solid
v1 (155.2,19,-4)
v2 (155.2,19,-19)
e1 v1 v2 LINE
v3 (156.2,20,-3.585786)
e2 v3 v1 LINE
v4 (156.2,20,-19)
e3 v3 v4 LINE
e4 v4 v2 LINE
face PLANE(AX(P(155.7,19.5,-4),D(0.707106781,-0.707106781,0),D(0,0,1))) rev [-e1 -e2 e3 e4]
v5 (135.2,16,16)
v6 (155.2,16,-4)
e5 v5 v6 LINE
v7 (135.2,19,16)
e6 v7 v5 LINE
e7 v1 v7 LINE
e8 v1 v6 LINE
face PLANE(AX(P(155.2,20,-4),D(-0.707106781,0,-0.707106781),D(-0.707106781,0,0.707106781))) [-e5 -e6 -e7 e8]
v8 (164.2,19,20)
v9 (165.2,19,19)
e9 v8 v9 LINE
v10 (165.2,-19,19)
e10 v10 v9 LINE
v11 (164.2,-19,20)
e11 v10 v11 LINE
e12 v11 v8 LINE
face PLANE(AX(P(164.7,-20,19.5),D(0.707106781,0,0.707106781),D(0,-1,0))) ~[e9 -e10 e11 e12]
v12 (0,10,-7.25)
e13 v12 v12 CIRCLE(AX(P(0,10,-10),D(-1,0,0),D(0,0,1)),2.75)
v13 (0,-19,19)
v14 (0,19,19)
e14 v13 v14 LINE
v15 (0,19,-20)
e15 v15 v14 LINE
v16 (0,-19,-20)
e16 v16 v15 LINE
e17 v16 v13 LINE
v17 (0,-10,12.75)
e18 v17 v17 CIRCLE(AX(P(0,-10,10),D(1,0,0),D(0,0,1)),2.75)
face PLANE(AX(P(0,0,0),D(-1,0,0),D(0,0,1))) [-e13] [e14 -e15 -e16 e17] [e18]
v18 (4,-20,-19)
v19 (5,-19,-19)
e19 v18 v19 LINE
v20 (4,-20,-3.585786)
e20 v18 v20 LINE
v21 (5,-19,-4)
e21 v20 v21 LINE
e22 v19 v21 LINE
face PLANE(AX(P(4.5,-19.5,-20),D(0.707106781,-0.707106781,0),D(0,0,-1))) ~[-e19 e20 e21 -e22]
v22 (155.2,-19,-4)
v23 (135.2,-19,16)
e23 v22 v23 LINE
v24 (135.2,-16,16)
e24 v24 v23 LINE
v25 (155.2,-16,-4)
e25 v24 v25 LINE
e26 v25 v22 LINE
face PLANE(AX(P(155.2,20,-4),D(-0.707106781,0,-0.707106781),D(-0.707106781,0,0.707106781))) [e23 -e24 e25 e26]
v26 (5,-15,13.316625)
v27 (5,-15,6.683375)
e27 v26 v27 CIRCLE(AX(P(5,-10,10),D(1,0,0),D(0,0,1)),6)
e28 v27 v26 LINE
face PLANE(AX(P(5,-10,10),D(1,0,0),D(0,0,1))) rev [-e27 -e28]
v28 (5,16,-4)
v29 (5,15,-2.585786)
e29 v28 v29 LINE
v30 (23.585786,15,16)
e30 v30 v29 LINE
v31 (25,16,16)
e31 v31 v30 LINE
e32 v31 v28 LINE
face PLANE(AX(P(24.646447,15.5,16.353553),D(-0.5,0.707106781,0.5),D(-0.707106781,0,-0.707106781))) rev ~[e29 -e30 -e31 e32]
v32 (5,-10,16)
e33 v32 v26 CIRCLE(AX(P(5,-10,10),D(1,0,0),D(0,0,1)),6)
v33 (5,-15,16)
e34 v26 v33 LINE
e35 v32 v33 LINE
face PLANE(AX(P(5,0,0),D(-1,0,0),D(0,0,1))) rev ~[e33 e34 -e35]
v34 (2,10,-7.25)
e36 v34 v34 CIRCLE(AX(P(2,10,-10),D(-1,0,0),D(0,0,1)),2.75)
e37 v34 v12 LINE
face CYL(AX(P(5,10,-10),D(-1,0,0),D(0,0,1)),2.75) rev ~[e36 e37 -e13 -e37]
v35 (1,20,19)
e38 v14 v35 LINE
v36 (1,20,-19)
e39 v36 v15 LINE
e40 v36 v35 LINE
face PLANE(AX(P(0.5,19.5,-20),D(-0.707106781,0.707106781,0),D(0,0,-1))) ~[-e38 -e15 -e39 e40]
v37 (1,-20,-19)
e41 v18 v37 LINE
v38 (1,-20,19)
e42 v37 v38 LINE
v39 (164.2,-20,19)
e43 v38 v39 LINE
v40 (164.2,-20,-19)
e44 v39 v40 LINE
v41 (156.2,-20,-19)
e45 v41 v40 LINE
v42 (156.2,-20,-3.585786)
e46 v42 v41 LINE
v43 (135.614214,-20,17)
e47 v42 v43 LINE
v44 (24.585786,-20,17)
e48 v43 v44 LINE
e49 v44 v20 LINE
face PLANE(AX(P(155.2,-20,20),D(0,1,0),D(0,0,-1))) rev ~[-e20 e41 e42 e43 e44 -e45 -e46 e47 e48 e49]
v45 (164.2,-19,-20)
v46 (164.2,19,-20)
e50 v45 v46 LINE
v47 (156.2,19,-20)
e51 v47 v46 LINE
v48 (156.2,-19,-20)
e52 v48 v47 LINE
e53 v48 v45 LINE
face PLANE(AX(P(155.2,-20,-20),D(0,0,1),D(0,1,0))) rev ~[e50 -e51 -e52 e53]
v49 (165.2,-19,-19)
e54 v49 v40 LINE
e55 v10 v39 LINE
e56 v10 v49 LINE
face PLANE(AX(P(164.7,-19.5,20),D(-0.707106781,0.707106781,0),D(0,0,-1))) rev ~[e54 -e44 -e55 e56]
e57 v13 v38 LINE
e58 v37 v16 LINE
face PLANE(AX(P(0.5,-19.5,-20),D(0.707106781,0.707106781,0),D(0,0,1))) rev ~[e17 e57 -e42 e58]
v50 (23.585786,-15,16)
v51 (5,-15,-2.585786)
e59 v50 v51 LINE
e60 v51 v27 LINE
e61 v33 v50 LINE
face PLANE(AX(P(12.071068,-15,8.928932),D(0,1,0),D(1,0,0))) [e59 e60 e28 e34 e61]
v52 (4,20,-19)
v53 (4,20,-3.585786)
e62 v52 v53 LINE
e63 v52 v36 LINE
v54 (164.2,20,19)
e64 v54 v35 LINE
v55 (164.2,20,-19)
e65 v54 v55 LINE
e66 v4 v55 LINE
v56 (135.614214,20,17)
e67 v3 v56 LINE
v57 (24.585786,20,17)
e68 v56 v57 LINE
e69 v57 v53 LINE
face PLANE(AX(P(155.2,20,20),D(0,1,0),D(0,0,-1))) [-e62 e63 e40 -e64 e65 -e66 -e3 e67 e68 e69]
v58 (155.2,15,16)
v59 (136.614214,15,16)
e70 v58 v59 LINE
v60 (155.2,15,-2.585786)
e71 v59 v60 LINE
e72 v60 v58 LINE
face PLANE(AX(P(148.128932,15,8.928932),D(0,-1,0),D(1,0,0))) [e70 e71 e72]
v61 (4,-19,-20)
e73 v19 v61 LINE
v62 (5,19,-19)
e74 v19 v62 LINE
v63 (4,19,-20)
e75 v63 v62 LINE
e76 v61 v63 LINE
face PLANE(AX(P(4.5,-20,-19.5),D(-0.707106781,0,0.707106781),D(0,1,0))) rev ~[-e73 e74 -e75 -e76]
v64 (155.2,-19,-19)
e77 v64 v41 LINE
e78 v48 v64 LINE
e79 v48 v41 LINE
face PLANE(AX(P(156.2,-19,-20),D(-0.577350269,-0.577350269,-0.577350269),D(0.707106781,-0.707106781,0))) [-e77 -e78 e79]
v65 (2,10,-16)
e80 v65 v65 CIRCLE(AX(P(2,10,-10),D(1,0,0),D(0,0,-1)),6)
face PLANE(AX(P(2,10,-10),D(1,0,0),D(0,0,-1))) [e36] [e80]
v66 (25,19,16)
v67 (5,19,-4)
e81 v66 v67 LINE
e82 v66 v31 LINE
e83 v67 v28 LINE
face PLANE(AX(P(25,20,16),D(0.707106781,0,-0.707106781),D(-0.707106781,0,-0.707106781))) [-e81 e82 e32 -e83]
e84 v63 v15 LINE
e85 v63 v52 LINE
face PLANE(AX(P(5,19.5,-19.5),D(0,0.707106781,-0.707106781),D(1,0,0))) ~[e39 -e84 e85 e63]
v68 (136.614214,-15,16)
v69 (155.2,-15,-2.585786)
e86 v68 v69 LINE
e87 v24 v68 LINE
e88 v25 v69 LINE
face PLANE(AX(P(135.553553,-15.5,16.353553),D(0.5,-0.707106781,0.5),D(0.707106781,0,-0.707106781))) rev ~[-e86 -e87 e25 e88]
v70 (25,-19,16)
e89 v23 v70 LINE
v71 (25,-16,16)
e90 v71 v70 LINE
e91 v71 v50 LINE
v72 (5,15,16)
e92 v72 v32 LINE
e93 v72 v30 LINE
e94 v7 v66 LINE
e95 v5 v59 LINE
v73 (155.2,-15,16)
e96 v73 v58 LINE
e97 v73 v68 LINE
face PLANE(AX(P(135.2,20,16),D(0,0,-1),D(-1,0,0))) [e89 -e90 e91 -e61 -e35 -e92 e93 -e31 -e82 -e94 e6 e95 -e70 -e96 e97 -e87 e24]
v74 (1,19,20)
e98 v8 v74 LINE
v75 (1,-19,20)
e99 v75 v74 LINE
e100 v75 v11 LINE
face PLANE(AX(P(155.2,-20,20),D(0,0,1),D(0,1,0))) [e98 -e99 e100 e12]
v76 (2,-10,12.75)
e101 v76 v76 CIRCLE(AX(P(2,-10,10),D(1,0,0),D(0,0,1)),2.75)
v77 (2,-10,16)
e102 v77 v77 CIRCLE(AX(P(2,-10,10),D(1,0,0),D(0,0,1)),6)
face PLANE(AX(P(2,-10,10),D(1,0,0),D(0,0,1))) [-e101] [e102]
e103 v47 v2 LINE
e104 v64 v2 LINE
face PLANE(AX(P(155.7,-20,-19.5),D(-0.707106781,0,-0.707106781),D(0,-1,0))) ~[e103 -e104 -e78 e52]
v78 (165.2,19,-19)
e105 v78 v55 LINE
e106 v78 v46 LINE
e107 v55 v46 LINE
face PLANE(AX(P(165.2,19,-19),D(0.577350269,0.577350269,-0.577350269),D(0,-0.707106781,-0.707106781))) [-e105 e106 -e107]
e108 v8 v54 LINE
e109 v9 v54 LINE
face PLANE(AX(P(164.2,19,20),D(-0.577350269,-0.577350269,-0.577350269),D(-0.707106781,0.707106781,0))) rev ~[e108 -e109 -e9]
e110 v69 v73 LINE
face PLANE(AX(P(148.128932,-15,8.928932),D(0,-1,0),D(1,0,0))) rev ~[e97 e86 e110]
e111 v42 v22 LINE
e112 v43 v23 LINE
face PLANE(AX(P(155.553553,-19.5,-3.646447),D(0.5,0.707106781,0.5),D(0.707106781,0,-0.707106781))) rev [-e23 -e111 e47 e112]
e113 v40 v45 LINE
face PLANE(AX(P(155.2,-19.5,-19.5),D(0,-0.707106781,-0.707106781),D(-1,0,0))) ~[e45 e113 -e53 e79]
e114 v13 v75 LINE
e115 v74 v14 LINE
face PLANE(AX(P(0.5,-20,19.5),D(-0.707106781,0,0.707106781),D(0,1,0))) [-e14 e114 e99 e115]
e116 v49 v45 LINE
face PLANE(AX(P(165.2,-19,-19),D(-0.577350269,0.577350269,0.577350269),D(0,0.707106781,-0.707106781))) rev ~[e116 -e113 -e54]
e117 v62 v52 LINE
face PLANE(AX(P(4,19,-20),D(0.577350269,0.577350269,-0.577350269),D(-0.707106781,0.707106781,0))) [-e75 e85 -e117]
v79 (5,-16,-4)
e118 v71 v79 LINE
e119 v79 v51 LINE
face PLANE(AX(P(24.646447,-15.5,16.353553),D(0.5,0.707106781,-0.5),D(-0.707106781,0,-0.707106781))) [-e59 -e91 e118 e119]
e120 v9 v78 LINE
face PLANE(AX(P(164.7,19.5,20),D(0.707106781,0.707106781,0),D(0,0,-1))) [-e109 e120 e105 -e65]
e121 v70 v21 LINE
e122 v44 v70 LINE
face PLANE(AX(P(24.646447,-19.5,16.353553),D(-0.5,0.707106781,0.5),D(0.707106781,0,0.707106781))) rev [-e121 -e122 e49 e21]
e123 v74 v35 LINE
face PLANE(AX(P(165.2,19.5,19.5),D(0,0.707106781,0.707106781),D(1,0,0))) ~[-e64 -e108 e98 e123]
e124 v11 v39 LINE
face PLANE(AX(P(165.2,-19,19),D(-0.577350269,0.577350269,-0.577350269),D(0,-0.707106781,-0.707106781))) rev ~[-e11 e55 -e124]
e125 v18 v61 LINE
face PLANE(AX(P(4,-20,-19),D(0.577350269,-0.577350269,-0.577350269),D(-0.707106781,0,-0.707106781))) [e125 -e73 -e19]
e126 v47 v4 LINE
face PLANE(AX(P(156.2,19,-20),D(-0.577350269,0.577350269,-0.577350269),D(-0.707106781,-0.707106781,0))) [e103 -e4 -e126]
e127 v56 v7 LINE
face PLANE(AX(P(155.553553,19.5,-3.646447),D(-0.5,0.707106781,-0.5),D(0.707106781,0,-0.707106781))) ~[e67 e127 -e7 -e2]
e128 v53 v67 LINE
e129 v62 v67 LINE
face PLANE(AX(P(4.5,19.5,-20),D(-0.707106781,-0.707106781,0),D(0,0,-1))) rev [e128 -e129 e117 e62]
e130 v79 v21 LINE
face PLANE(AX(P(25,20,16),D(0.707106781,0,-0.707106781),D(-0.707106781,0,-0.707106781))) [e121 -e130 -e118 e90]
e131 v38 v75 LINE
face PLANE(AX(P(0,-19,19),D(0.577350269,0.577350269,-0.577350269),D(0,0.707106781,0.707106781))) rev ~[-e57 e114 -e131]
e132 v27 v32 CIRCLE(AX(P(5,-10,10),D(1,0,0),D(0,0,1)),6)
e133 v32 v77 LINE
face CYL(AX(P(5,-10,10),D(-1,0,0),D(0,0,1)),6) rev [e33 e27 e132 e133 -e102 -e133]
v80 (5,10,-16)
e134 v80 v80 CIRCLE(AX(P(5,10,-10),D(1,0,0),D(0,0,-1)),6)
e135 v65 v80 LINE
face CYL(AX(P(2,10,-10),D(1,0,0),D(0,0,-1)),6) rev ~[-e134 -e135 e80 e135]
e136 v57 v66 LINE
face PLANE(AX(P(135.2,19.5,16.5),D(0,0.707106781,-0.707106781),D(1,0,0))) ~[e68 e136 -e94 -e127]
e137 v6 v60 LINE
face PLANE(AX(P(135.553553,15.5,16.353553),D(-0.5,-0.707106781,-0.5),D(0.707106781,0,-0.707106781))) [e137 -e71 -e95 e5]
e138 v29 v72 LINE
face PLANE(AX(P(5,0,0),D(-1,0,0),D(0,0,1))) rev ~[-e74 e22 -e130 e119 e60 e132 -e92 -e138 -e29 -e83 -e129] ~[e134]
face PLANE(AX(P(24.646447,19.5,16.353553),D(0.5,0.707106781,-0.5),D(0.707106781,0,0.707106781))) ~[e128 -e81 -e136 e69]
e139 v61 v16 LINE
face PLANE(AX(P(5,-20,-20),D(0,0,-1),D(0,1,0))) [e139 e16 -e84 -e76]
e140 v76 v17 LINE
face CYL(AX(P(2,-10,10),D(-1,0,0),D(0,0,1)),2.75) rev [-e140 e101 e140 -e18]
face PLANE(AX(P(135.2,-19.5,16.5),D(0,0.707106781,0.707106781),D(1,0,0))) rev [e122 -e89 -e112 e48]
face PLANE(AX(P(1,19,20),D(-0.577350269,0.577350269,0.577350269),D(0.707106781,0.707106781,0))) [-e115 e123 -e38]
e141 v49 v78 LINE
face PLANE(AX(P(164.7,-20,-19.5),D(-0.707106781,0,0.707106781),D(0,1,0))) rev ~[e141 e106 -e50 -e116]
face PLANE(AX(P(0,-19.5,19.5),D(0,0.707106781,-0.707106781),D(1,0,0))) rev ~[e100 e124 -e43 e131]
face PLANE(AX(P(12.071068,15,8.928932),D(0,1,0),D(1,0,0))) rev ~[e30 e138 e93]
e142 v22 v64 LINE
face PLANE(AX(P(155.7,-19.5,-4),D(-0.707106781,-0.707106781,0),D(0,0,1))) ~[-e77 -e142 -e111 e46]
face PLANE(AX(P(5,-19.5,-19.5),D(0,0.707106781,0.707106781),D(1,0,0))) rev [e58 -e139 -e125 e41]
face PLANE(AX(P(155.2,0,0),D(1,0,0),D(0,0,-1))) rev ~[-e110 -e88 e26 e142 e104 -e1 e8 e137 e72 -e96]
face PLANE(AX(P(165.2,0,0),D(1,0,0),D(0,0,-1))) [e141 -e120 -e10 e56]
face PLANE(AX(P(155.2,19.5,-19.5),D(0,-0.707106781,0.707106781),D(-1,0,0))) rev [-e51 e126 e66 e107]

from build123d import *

# Parameters (mm, degrees)
BOSS_EXTRUDE1_DEPTH                     = 40
SKETCH2_W                               = 40
SKETCH2_H                               = 40
BOSS_EXTRUDE2_DEPTH                     = 5
SKETCH3_W                               = 40
SKETCH3_H                               = 40
BOSS_EXTRUDE3_DEPTH                     = 10
CUT_EXTRUDE1_DEPTH                      = 30
CUT_EXTRUDE2_DEPTH                      = 30
CBORE_FOR_M5_HEX_HEAD_BOLT1_D           = 5.5
CBORE_FOR_M5_HEX_HEAD_BOLT1_DEPTH       = 5
CBORE_FOR_M5_HEX_HEAD_BOLT1_CBORE_D     = 12
CBORE_FOR_M5_HEX_HEAD_BOLT1_CBORE_DEPTH = 3
CHAMFER1_SIZE                           = 1


with BuildPart() as part:
    # Sketch1 → Boss-Extrude1 (new body)
    with BuildSketch(Plane(origin=(0, 20, 0), x_dir=(1, 0, 0), z_dir=(0, 1, 0))):
        Polygon((5, 4), (5, -20), (155.2, -20), (155.2, 4), (135.2, -16), (25, -16), align=None)
    extrude(amount=-BOSS_EXTRUDE1_DEPTH)

    # Sketch2 → Boss-Extrude2 (add)
    with BuildSketch(Plane.ZY.offset(-5)):
        Rectangle(SKETCH2_W, SKETCH2_H)
    extrude(amount=BOSS_EXTRUDE2_DEPTH)

    # Sketch3 → Boss-Extrude3 (add)
    with BuildSketch(Plane(origin=(155.2, 0, 0), x_dir=(0, 0, -1), z_dir=(1, 0, 0))):
        Rectangle(SKETCH3_W, SKETCH3_H)
    extrude(amount=BOSS_EXTRUDE3_DEPTH)

    # Sketch4 → Cut-Extrude1 (cut)
    with BuildSketch(Plane.XZ.offset(15)):
        Polygon((155.2, -4), (155.2, 16), (135.2, 16), align=None)
    extrude(amount=-CUT_EXTRUDE1_DEPTH, mode=Mode.SUBTRACT)

    # Sketch5 → Cut-Extrude2 (cut)
    with BuildSketch(Plane(origin=(0, 15, 0), x_dir=(1, 0, 0), z_dir=(0, 1, 0))):
        Polygon((5, 4), (5, -16), (25, -16), align=None)
    extrude(amount=-CUT_EXTRUDE2_DEPTH, mode=Mode.SUBTRACT)

    # Sketch6 → CBORE for M10 Hex Head Bolt1 (revolve, cut)
    with BuildSketch(Plane(origin=(0, -10, 10), x_dir=(0, 0, 1), z_dir=(0, 1, 0))):
        Polygon((0, 0), (0, 5), (6, 5), (6, 2), (2.75, 2), (2.75, 0), align=None)
    revolve(axis=Axis((-6.35, -10, 10), (1, 0, 0)), mode=Mode.SUBTRACT)

    # CBORE for M5 Hex Head Bolt1
    with Locations(Plane(origin=(5, 0, 0), x_dir=(0, 0, -1), z_dir=(1, 0, 0))):
        with Locations((10, 10)):
            CounterBoreHole(CBORE_FOR_M5_HEX_HEAD_BOLT1_D / 2, CBORE_FOR_M5_HEX_HEAD_BOLT1_CBORE_D / 2, CBORE_FOR_M5_HEX_HEAD_BOLT1_CBORE_DEPTH, depth=CBORE_FOR_M5_HEX_HEAD_BOLT1_DEPTH)

    # Chamfer1
    chamfer1_edges = [part.edges().sort_by_distance(p)[0] for p in [
        (82.6, -20, 20),
        (5, 20, -12),
        (5, 0, -20),
        (2.5, 20, -20),
        (5, -20, -12),
        (145.2, -20, 6),
        (2.5, -20, -20),
        (0, 20, 0),
        (0, -20, 0),
        (0, 0, 20),
        (80.1, -20, 16),
        (155.2, 20, -12),
        (160.2, 20, -20),
        (155.2, -20, -12),
        (155.2, 0, -20),
        (160.2, -20, -20),
        (165.2, 20, 0),
        (165.2, 0, 20),
        (165.2, -20, 0),
        (165.2, 0, -20),
        (145.2, 15, 6),
        (145.2, -15, 6),
        (15, -20, 6),
        (15, -15, 6),
        (15, 15, 6),
        (80.1, 20, 16),
        (145.2, 20, 6),
        (82.6, 20, 20),
        (15, 20, 6),
    ]]
    chamfer(chamfer1_edges, length=CHAMFER1_SIZE)


solid = part.part
